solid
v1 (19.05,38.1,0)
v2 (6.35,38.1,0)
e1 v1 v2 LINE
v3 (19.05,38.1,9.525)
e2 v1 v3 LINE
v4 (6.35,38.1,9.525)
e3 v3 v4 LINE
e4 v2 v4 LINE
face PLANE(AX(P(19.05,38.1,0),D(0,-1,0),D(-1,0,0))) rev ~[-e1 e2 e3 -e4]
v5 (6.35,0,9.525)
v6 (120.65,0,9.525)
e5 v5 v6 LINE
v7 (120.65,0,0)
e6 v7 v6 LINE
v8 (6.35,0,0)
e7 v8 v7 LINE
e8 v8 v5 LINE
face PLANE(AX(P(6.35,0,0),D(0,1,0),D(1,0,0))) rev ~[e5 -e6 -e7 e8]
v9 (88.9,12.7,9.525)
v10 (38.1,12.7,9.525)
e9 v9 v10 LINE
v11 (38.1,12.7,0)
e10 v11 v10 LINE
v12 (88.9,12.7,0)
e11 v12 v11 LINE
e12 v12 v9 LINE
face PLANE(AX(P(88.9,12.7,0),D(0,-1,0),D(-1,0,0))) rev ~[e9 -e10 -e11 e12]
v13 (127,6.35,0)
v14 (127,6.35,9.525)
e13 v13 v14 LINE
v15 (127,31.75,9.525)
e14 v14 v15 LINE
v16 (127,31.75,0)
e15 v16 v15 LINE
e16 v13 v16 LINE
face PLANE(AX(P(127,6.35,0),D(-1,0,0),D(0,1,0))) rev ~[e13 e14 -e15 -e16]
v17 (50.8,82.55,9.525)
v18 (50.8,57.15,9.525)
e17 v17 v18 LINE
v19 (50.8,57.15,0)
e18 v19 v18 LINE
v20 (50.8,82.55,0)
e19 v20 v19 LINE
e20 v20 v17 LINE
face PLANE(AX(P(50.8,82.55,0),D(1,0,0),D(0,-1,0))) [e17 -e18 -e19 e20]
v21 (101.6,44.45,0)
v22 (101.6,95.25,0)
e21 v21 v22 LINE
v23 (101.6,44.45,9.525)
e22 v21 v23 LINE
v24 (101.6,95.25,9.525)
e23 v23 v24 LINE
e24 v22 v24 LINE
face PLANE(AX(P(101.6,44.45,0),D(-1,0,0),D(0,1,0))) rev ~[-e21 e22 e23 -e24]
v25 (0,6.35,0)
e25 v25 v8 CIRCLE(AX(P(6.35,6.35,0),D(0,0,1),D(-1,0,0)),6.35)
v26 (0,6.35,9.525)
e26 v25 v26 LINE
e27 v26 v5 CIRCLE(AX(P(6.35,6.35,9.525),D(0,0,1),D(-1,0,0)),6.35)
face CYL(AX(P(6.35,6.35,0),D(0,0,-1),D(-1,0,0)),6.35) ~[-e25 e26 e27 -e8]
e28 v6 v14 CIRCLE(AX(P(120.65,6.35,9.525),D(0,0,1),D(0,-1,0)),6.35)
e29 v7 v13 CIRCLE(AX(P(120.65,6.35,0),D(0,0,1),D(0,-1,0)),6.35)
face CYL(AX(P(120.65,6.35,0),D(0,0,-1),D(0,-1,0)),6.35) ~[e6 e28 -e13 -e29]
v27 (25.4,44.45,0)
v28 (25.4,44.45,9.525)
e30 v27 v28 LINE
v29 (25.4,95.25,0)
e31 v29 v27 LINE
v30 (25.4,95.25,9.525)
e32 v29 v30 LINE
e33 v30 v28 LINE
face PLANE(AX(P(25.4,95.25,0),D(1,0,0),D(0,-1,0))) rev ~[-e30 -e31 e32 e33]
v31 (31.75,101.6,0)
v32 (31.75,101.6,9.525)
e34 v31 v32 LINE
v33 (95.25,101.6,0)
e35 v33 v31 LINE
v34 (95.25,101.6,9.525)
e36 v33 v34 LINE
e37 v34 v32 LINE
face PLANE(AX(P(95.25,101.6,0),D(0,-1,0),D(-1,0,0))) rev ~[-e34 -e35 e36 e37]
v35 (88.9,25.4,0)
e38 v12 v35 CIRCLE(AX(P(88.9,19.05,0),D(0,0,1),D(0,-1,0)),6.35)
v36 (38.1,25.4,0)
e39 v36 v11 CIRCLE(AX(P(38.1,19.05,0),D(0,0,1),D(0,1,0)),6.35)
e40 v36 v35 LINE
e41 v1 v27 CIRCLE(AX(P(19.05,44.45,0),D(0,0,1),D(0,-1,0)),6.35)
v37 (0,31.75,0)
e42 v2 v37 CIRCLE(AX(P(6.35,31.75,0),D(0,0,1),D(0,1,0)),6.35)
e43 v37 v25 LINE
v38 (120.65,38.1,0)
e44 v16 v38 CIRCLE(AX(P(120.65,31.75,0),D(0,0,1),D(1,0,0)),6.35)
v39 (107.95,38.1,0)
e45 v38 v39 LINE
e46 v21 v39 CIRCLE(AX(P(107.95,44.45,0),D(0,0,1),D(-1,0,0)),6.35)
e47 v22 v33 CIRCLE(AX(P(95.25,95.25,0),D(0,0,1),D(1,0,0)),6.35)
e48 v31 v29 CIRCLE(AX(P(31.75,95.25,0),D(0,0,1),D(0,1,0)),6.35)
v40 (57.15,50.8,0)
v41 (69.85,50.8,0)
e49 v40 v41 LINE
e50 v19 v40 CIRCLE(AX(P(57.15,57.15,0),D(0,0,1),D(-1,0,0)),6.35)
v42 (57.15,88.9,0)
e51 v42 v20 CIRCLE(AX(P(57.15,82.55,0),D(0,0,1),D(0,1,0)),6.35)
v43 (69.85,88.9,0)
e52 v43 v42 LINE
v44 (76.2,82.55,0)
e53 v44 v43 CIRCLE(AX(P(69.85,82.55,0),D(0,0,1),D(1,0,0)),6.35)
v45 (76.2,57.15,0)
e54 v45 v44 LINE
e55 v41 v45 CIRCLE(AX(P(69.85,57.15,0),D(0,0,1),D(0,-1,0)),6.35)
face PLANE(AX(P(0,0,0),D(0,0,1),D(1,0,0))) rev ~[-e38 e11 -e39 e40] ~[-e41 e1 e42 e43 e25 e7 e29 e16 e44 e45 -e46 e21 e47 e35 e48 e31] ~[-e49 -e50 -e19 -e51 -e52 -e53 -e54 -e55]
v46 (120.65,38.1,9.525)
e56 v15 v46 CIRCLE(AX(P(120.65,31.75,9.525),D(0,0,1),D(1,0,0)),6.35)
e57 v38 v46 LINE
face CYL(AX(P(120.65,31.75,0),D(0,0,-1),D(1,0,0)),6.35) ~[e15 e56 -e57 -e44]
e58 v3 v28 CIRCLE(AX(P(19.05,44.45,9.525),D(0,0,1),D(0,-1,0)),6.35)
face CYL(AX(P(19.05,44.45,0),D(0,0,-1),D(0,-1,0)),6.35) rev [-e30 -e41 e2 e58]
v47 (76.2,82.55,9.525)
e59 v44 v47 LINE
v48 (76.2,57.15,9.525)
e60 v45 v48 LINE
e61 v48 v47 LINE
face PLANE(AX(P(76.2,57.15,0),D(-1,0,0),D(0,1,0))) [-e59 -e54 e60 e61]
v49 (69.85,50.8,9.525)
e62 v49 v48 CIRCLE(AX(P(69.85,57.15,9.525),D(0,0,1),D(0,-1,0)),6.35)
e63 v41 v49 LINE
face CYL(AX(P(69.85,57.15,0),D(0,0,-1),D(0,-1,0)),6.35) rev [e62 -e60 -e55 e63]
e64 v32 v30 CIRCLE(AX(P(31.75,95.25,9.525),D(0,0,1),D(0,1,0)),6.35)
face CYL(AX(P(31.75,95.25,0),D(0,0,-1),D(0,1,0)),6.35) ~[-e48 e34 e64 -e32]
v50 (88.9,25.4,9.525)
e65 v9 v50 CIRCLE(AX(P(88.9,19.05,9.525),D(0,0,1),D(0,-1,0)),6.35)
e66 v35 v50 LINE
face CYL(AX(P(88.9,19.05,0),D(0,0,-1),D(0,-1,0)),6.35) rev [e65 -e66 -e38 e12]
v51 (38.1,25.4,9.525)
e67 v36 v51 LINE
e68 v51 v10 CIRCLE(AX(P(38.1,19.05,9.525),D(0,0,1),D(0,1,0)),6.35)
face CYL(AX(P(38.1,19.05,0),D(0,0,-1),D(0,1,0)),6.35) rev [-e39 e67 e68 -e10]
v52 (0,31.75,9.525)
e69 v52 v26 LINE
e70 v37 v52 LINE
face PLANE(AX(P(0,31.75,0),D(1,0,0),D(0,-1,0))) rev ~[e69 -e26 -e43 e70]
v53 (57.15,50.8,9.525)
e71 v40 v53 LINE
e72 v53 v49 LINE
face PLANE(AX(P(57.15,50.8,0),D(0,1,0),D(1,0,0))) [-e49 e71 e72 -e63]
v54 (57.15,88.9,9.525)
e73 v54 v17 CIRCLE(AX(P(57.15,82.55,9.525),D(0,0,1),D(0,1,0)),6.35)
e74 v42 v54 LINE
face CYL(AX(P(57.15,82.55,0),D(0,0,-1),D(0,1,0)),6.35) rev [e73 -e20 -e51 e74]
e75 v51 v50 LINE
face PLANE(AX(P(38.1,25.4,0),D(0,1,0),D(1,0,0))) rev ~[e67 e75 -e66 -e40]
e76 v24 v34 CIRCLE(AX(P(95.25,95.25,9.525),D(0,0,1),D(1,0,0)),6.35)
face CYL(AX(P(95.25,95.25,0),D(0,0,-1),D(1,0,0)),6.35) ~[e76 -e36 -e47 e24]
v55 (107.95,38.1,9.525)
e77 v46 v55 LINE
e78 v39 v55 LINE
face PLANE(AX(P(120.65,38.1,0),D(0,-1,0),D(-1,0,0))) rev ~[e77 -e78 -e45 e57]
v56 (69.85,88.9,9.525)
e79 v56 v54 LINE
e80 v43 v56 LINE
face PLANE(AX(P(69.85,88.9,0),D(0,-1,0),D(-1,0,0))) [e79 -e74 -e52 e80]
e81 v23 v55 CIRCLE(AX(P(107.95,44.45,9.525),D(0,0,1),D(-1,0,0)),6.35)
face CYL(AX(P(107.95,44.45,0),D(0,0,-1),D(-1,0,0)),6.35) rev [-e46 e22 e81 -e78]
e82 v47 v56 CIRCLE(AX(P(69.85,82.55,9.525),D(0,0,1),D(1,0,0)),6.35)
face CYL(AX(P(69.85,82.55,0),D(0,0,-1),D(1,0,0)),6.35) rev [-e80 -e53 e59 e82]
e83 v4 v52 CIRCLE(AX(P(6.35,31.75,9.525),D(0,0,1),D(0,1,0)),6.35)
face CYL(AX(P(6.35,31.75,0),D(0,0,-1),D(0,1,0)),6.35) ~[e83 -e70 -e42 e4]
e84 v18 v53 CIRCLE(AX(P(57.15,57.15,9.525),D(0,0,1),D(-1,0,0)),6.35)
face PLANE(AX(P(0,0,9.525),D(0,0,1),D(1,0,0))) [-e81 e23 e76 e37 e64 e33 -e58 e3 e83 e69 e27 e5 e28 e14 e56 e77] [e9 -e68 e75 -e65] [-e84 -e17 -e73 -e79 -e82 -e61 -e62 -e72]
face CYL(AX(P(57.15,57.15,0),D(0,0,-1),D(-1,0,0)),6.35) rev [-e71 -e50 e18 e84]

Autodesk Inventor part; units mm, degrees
ref_plane "YZ Plane" through (0, 0, 0) normal (1, 0, 0) x (0, 1, 0)
ref_plane "XZ Plane" through (0, 0, 0) normal (0, 1, 0) x (-1, 0, 0)
ref_plane "XY Plane" through (0, 0, 0) normal (0, 0, 1) x (1, 0, 0)
sketch "Sketch1" plane through (0, 0, 0) normal (0, 0, 1) x (1, 0, 0)
  line L0 (6.35, 0) -> (120.65, 0)
  line L1 (127, 6.35) -> (127, 31.75)
  line L2 (120.65, 38.1) -> (107.95, 38.1)
  line L3 (101.6, 44.45) -> (101.6, 95.25)
  line L4 (95.25, 101.6) -> (31.75, 101.6)
  line L5 (25.4, 95.25) -> (25.4, 44.45)
  line L6 (19.05, 38.1) -> (6.35, 38.1)
  line L7 (0, 31.75) -> (0, 6.35)
  arc A0 (31.75, 101.6) -> (25.4, 95.25) centre (31.75, 95.25) ccw
  arc A1 (19.05, 38.1) -> (25.4, 44.45) centre (19.05, 44.45) ccw
  arc A2 (6.35, 38.1) -> (0, 31.75) centre (6.35, 31.75) ccw
  arc A3 (0, 6.35) -> (6.35, 0) centre (6.35, 6.35) ccw
  arc A4 (120.65, 0) -> (127, 6.35) centre (120.65, 6.35) ccw
  arc A5 (127, 31.75) -> (120.65, 38.1) centre (120.65, 31.75) ccw
  arc A6 (101.6, 44.45) -> (107.95, 38.1) centre (107.95, 44.45) ccw
  arc A7 (101.6, 95.25) -> (95.25, 101.6) centre (95.25, 95.25) ccw
  line L8 (57.15, 50.8) -> (69.85, 50.8)
  line L9 (76.2, 57.15) -> (76.2, 82.55)
  line L10 (69.85, 88.9) -> (57.15, 88.9)
  line L11 (50.8, 82.55) -> (50.8, 57.15)
  arc A8 (38.1, 25.4) -> (38.1, 12.7) centre (38.1, 19.05) ccw
  arc A9 (88.9, 12.7) -> (88.9, 25.4) centre (88.9, 19.05) ccw
  line L12 (38.1, 25.4) -> (88.9, 25.4)
  line L13 (88.9, 12.7) -> (38.1, 12.7)
  arc A10 (57.15, 88.9) -> (50.8, 82.55) centre (57.15, 82.55) ccw
  arc A11 (50.8, 57.15) -> (57.15, 50.8) centre (57.15, 57.15) ccw
  arc A12 (69.85, 50.8) -> (76.2, 57.15) centre (69.85, 57.15) ccw
  arc A13 (76.2, 82.55) -> (69.85, 88.9) centre (69.85, 82.55) ccw
  point P0 (0, 0)
  point P1 (127, 0)
  point P2 (127, 38.1)
  point P3 (101.6, 38.1)
  point P4 (25.4, 38.1)
  point P5 (0, 38.1)
  dimension "d0" = 127
  dimension "d1" = 38.1
  dimension "d2" = 25.4
  dimension "d3" = 6.35
  dimension "d4" = 6.35
extrude "Extrusion1" add sketch "Sketch1" along normal blind 9.525
properties part number "P2-7"
